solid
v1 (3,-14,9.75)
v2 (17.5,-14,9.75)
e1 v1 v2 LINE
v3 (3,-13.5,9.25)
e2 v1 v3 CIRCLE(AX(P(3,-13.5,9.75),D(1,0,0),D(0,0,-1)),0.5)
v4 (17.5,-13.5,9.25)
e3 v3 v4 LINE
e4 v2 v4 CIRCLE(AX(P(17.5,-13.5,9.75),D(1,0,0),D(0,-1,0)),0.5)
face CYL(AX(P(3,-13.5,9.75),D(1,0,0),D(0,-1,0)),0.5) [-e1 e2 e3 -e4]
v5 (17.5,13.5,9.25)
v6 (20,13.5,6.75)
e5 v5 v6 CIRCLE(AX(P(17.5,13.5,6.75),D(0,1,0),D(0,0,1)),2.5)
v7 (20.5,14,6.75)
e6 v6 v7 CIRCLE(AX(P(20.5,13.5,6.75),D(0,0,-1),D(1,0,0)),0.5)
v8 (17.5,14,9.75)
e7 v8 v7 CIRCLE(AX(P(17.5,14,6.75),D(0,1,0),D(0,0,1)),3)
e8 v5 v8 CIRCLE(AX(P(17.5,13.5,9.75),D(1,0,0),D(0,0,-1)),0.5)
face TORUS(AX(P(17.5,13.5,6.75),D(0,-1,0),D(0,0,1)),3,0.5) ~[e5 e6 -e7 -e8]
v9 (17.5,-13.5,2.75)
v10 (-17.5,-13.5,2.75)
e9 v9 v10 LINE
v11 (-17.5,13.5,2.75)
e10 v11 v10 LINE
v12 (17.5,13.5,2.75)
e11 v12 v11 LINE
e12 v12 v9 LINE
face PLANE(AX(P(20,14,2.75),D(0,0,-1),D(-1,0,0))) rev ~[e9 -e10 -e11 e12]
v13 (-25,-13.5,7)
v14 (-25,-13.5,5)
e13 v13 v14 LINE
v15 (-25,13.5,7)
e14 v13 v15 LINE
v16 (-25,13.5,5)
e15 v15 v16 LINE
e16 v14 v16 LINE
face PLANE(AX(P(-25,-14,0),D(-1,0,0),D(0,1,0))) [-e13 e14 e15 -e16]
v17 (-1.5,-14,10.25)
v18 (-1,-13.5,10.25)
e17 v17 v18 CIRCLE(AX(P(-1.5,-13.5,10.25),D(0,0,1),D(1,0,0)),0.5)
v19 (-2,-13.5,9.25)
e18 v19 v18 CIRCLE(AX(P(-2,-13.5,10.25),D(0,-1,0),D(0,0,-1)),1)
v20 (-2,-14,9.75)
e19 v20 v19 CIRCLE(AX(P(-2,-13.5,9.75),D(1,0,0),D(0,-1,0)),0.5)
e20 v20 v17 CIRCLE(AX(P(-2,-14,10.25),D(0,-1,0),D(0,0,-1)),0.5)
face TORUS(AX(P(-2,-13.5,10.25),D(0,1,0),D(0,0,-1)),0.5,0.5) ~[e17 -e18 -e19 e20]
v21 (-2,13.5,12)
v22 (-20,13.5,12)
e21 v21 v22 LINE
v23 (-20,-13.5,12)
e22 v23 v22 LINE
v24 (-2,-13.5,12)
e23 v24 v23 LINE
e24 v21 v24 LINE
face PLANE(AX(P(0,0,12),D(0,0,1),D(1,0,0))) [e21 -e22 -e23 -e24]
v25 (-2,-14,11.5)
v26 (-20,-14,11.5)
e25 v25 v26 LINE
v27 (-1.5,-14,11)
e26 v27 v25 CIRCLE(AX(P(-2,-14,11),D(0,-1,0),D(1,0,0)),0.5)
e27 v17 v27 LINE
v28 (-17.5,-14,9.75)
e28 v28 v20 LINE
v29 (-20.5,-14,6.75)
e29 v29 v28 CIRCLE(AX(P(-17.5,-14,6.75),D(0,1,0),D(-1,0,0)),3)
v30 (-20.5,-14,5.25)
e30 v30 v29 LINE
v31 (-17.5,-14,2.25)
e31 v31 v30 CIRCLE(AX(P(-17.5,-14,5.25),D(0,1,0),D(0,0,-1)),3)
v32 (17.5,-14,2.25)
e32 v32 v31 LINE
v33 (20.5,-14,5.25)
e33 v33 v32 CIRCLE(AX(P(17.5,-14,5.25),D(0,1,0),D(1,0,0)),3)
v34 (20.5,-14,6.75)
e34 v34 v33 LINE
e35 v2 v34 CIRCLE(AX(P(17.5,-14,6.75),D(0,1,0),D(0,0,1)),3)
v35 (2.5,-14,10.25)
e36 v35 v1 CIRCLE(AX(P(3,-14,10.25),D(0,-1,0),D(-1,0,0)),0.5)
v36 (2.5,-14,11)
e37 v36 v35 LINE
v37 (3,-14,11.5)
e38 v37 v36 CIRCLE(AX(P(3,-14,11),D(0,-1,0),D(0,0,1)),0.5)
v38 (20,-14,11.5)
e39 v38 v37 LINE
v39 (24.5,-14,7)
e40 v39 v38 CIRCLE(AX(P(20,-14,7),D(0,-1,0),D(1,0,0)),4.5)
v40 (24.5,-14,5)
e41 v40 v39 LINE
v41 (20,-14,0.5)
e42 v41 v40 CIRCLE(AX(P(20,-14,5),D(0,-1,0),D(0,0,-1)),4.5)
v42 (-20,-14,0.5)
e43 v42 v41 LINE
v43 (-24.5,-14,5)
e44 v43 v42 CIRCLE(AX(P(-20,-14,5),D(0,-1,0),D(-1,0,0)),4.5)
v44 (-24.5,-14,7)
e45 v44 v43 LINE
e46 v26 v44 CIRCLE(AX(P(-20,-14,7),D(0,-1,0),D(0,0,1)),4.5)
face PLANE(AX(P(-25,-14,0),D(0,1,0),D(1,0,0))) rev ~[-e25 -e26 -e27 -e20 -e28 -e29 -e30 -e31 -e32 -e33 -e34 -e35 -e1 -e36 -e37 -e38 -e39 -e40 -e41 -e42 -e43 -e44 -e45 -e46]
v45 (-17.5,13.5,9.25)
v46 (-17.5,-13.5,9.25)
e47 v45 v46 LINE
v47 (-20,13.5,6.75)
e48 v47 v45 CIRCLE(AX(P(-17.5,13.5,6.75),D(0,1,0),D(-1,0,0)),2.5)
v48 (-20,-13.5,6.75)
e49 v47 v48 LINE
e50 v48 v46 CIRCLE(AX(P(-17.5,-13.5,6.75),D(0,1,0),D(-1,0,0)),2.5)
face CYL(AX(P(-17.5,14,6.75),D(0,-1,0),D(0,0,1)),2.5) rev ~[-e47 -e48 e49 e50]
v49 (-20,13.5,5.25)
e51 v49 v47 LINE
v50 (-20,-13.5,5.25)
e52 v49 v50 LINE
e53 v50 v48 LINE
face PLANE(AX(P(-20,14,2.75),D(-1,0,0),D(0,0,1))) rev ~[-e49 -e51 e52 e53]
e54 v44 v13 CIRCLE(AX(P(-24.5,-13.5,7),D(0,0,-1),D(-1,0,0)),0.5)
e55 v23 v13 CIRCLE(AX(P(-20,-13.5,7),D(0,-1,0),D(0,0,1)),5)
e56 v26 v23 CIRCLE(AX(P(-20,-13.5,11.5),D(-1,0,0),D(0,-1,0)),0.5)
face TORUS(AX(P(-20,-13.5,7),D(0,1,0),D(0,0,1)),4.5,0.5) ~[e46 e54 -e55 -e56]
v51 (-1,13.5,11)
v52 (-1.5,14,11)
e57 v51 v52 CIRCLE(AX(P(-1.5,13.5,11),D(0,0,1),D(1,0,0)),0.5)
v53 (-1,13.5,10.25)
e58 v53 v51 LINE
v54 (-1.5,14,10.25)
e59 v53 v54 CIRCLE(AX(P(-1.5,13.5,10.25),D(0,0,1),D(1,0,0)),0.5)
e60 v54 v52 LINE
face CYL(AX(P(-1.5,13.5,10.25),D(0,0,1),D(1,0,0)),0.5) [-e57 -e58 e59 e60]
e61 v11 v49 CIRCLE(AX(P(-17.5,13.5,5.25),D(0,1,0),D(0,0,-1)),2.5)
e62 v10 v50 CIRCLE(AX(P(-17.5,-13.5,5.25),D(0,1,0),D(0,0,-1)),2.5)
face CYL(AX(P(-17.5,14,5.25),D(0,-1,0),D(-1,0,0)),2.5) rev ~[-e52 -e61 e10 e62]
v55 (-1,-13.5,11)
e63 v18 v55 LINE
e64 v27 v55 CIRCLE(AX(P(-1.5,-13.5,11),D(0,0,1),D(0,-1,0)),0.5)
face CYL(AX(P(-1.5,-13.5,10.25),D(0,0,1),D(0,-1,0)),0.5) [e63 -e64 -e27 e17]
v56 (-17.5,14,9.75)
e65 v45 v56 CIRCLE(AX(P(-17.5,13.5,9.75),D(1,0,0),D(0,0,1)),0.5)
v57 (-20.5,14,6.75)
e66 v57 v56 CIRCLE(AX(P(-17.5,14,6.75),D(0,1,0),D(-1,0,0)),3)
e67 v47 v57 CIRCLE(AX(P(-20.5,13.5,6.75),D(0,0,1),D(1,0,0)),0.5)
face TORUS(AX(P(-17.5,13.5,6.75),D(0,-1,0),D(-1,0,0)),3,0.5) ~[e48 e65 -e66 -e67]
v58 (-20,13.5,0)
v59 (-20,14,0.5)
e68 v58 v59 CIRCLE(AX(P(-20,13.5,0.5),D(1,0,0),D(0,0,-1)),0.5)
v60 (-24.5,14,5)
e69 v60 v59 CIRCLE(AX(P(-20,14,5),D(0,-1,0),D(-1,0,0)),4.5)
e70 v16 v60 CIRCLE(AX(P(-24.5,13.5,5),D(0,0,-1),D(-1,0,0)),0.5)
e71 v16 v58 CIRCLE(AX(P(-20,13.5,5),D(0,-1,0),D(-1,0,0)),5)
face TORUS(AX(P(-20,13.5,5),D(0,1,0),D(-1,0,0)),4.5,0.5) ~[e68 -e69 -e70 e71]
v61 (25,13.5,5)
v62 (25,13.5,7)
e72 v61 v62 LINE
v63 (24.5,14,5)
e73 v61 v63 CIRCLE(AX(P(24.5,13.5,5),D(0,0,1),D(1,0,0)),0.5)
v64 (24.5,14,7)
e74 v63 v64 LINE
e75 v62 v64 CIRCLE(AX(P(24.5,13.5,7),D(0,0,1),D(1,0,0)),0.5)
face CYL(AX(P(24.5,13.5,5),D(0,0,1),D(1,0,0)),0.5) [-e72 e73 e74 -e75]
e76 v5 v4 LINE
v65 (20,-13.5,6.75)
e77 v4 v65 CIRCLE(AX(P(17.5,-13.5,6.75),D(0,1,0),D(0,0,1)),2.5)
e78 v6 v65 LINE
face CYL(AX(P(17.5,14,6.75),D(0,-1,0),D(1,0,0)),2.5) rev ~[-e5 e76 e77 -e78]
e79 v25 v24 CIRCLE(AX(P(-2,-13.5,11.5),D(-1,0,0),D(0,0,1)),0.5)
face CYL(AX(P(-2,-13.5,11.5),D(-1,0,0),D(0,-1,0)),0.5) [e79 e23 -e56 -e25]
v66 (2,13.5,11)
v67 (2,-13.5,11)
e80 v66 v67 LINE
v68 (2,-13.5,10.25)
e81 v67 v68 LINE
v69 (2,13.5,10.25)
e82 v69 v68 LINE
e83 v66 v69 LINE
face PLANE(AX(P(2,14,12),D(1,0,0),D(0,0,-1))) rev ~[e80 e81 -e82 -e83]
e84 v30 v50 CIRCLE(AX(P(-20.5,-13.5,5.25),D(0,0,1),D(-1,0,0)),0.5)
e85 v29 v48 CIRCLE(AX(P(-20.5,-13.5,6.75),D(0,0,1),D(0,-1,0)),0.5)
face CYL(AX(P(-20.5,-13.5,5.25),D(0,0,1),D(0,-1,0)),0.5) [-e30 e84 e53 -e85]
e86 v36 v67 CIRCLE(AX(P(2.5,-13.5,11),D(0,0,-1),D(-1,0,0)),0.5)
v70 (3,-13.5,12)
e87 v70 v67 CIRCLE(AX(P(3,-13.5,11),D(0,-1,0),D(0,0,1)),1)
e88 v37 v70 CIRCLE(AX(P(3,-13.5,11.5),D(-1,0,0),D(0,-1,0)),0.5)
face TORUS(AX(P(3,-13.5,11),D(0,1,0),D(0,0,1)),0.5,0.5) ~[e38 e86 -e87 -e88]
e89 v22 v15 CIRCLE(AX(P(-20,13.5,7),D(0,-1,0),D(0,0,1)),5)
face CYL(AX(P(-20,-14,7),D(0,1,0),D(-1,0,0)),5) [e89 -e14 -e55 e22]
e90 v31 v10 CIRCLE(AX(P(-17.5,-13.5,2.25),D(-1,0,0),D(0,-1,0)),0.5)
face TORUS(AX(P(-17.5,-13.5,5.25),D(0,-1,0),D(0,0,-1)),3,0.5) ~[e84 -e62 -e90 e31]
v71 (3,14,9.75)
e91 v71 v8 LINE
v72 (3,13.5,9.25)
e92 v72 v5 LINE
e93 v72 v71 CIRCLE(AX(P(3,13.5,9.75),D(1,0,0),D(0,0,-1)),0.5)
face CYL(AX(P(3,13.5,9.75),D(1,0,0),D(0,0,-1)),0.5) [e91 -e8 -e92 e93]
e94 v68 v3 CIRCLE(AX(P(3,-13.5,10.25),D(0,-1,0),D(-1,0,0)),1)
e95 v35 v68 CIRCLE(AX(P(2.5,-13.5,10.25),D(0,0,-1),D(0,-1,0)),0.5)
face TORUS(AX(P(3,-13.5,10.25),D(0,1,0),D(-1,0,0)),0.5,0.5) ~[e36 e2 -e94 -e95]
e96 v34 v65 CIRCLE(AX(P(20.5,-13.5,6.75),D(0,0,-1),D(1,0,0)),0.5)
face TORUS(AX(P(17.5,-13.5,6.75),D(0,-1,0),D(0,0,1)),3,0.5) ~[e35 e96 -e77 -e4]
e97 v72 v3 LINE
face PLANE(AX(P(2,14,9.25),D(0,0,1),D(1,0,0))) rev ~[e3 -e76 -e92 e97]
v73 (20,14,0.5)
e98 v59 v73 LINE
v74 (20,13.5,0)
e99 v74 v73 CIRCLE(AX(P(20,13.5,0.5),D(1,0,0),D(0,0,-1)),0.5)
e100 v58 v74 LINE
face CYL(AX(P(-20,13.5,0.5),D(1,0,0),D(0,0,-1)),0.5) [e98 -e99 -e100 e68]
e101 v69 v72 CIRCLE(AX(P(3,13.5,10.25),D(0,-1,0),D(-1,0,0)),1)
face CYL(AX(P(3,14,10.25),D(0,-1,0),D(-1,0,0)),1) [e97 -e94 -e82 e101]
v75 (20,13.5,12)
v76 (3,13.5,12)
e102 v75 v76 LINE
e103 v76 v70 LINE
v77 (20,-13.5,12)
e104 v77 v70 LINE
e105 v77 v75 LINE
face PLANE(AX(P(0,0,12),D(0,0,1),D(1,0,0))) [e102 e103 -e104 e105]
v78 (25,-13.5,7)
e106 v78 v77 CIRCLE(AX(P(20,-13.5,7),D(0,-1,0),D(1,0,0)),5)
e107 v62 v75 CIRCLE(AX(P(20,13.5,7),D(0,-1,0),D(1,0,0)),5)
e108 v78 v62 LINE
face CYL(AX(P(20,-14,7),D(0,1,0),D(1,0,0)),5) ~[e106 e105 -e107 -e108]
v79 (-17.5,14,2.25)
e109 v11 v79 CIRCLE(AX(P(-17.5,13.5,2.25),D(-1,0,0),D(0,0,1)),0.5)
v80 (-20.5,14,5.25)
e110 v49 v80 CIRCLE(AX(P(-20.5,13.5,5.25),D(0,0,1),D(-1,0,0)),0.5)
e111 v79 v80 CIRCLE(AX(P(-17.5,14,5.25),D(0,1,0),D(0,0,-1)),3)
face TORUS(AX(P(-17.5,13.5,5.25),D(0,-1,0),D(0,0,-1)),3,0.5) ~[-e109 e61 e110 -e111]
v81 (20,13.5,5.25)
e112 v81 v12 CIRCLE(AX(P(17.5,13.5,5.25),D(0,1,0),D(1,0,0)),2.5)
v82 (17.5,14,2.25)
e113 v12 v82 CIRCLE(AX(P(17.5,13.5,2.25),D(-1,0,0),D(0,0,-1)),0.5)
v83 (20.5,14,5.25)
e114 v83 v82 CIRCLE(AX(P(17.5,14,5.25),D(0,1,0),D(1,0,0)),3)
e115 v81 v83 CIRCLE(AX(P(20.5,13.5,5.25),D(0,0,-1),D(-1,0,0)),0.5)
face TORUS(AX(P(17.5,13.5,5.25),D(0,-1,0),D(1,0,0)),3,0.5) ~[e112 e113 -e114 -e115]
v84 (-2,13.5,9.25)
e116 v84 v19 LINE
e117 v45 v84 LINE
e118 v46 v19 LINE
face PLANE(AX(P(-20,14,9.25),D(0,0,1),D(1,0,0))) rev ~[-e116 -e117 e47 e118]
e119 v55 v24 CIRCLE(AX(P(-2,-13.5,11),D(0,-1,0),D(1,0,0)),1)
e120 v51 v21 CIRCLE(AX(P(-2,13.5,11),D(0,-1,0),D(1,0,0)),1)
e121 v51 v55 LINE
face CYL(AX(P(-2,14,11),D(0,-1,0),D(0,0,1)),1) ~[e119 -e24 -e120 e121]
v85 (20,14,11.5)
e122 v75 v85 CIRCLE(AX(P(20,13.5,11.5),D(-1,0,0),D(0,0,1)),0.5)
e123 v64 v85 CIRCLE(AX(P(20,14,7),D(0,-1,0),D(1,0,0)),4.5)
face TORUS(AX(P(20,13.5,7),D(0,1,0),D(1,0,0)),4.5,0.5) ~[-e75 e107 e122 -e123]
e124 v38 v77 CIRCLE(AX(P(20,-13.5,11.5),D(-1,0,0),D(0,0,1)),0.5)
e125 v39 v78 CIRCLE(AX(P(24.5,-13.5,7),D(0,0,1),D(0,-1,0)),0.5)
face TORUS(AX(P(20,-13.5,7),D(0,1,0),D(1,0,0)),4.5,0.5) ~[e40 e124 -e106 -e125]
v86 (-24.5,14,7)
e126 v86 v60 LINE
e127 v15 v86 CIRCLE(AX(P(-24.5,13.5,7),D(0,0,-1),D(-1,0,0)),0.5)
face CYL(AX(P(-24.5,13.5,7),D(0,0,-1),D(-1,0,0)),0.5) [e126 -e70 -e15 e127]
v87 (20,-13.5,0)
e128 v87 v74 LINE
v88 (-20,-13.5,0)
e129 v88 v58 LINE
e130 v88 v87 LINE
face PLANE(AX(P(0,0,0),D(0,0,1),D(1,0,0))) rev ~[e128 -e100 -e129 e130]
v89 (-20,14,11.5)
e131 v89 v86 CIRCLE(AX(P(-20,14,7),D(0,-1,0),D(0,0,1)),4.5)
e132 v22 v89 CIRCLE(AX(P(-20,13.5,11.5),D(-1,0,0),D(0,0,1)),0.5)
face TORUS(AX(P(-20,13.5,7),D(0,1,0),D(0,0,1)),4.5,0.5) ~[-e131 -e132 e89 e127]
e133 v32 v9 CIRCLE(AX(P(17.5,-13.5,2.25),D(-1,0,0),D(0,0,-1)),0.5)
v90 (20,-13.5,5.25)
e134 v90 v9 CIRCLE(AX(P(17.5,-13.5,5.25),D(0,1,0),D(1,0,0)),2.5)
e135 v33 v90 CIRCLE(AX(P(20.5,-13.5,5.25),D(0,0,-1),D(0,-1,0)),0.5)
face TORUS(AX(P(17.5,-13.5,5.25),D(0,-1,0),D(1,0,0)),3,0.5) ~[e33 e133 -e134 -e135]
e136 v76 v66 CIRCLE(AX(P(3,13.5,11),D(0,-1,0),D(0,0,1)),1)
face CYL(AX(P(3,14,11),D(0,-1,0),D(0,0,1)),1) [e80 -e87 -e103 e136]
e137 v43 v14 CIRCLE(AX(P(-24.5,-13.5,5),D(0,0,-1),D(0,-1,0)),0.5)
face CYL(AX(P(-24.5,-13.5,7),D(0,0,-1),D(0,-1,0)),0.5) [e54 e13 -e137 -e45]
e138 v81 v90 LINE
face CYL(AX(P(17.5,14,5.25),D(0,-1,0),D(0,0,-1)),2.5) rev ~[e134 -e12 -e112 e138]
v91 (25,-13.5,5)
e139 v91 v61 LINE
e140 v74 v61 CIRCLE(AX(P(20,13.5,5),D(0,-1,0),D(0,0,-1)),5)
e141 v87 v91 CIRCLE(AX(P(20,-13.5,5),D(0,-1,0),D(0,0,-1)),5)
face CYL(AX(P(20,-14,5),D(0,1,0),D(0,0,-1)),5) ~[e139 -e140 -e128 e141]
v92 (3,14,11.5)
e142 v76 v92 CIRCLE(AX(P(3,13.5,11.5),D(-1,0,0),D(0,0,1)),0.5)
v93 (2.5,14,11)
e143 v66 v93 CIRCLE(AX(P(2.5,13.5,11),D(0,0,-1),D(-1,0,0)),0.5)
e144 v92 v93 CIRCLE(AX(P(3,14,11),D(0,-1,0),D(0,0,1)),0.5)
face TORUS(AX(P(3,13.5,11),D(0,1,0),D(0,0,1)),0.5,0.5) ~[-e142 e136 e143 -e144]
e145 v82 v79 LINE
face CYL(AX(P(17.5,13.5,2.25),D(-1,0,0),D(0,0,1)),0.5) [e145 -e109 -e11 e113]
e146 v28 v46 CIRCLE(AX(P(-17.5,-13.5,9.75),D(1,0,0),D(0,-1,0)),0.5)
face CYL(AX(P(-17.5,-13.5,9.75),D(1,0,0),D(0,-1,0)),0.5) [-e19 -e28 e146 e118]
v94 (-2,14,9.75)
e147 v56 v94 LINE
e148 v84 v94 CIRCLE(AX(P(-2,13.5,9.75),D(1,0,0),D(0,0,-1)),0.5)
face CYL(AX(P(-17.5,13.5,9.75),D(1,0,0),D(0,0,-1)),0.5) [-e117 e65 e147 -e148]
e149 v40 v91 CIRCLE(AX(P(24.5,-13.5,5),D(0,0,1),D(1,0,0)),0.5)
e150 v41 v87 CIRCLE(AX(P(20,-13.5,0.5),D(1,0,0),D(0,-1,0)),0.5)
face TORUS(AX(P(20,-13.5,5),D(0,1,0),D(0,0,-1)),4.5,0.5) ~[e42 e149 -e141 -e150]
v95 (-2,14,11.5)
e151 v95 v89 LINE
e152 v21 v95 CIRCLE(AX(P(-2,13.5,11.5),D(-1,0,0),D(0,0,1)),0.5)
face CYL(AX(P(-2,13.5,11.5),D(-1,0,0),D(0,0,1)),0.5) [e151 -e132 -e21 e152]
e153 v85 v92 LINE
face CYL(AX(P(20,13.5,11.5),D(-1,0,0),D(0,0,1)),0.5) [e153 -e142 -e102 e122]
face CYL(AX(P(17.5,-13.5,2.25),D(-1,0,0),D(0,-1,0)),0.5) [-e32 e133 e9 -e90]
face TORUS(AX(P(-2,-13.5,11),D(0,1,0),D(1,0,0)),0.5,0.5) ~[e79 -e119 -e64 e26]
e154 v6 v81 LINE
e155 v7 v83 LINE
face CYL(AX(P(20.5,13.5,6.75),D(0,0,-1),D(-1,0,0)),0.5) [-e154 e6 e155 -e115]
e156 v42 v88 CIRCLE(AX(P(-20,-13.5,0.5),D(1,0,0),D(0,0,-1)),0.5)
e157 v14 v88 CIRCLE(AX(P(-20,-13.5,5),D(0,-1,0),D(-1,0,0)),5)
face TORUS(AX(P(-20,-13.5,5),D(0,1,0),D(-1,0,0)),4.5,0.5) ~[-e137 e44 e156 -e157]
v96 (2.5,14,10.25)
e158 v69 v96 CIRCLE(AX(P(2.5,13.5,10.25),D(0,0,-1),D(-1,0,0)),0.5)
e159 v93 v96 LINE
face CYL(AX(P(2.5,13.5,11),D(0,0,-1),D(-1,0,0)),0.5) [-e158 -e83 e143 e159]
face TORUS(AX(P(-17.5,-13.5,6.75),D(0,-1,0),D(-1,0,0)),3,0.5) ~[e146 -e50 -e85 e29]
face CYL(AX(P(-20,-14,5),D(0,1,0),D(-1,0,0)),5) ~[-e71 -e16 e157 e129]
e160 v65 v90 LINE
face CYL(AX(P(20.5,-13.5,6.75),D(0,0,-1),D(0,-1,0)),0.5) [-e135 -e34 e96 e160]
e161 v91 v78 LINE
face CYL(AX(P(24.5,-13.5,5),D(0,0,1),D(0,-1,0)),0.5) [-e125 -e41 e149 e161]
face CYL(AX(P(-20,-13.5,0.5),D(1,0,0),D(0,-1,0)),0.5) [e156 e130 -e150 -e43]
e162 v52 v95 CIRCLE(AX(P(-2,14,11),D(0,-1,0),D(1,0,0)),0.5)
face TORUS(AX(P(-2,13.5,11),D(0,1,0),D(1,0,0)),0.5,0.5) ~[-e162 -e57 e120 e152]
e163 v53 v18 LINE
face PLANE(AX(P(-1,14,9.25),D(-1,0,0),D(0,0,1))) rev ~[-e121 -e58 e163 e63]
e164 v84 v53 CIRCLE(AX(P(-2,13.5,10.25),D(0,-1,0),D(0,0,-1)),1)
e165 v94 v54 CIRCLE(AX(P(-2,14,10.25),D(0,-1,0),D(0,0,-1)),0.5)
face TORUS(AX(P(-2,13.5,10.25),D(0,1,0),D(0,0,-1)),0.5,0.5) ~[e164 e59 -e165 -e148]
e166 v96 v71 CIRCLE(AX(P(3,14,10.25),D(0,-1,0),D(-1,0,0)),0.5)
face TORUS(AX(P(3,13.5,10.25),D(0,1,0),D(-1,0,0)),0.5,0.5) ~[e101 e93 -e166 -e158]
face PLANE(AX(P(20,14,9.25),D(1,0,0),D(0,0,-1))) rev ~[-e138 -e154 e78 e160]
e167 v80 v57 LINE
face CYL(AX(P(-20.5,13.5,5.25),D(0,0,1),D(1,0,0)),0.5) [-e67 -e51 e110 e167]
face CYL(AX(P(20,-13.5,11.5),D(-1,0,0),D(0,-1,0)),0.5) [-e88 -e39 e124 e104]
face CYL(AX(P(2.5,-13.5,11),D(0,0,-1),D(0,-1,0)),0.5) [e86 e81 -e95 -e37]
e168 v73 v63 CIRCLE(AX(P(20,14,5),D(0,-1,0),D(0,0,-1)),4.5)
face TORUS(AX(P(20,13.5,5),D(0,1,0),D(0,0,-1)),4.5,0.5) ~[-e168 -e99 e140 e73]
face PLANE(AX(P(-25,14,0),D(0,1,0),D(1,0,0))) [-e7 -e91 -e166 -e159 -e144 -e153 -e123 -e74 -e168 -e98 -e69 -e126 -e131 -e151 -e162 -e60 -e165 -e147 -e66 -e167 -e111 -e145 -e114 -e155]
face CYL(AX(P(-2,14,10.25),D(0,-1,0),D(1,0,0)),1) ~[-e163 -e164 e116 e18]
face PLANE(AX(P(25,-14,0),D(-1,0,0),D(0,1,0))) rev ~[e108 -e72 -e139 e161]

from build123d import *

# Parameters (mm, degrees)
F0_W     = 50
F0_H     = 28
F1_DEPTH = 12
F3_DEPTH = 28.001
F4_R     = 5
F5_R     = 1
F6_R     = 2.5
F7_R     = 0.5


with BuildPart() as f1:
    # F0 (on Top) → F1 (new body)
    with BuildSketch(Plane.XY):
        Rectangle(F0_W, F0_H)
    extrude(amount=F1_DEPTH)

    # F2 (on face) → F3 (cut, through all)
    with BuildSketch(Plane(origin=(0, 14, 0), x_dir=(-1, 0, 0), z_dir=(0, 1, 0))):
        Polygon((-2, 9.25), (-20, 9.25), (-20, 2.75), (20, 2.75), (20, 9.25), (1, 9.25), (1, 12), (-2, 12), align=None)
    extrude(amount=-F3_DEPTH, mode=Mode.SUBTRACT)

    # F4
    f4_edges = [f1.edges().sort_by_distance(p)[0] for p in [
        (25, 0, 0),
        (25, 0, 12),
        (-25, 0, 0),
        (-25, 0, 12),
    ]]
    fillet(f4_edges, radius=F4_R)

    # F5
    f5_edges = [f1.edges().sort_by_distance(p)[0] for p in [
        (-1, 0, 12),
        (2, 0, 12),
        (2, 0, 9.25),
        (-1, 0, 9.25),
    ]]
    fillet(f5_edges, radius=F5_R)

    # F6
    f6_edges = [f1.edges().sort_by_distance(p)[0] for p in [
        (-20, 0, 2.75),
        (-20, 0, 9.25),
        (20, 0, 9.25),
        (20, 0, 2.75),
    ]]
    fillet(f6_edges, radius=F6_R)

    # F7
    f7_edges = [f1.edges().sort_by_distance(p)[0] for p in [
        (10.25, 14, 9.25),
        (19.267767, 14, 8.517767),
        (2.292893, 14, 9.542893),
        (20, 14, 6),
        (2, 14, 10.625),
        (19.267767, 14, 3.482233),
        (2.292893, 14, 11.707107),
        (0, 14, 2.75),
        (11.5, 14, 12),
        (-19.267767, 14, 3.482233),
        (23.535534, 14, 10.535534),
        (-20, 14, 6),
        (25, 14, 6),
        (-19.267767, 14, 8.517767),
        (23.535534, 14, 1.464466),
        (-9.75, 14, 9.25),
        (0, 14, 0),
        (-1.292893, 14, 9.542893),
        (-23.535534, 14, 1.464466),
        (-1, 14, 10.625),
        (-25, 14, 6),
        (-1.292893, 14, 11.707107),
        (-23.535534, 14, 10.535534),
        (-11, 14, 12),
        (-9.75, -14, 9.25),
        (-19.267767, -14, 8.517767),
        (-1.292893, -14, 9.542893),
        (-20, -14, 6),
        (-1, -14, 10.625),
        (-19.267767, -14, 3.482233),
        (-1.292893, -14, 11.707107),
        (0, -14, 2.75),
        (-11, -14, 12),
        (19.267767, -14, 3.482233),
        (-23.535534, -14, 10.535534),
        (20, -14, 6),
        (-25, -14, 6),
        (19.267767, -14, 8.517767),
        (-23.535534, -14, 1.464466),
        (10.25, -14, 9.25),
        (0, -14, 0),
        (2.292893, -14, 9.542893),
        (23.535534, -14, 1.464466),
        (2, -14, 10.625),
        (25, -14, 6),
        (2.292893, -14, 11.707107),
        (23.535534, -14, 10.535534),
        (11.5, -14, 12),
    ]]
    fillet(f7_edges, radius=F7_R)


solid = f1.part
